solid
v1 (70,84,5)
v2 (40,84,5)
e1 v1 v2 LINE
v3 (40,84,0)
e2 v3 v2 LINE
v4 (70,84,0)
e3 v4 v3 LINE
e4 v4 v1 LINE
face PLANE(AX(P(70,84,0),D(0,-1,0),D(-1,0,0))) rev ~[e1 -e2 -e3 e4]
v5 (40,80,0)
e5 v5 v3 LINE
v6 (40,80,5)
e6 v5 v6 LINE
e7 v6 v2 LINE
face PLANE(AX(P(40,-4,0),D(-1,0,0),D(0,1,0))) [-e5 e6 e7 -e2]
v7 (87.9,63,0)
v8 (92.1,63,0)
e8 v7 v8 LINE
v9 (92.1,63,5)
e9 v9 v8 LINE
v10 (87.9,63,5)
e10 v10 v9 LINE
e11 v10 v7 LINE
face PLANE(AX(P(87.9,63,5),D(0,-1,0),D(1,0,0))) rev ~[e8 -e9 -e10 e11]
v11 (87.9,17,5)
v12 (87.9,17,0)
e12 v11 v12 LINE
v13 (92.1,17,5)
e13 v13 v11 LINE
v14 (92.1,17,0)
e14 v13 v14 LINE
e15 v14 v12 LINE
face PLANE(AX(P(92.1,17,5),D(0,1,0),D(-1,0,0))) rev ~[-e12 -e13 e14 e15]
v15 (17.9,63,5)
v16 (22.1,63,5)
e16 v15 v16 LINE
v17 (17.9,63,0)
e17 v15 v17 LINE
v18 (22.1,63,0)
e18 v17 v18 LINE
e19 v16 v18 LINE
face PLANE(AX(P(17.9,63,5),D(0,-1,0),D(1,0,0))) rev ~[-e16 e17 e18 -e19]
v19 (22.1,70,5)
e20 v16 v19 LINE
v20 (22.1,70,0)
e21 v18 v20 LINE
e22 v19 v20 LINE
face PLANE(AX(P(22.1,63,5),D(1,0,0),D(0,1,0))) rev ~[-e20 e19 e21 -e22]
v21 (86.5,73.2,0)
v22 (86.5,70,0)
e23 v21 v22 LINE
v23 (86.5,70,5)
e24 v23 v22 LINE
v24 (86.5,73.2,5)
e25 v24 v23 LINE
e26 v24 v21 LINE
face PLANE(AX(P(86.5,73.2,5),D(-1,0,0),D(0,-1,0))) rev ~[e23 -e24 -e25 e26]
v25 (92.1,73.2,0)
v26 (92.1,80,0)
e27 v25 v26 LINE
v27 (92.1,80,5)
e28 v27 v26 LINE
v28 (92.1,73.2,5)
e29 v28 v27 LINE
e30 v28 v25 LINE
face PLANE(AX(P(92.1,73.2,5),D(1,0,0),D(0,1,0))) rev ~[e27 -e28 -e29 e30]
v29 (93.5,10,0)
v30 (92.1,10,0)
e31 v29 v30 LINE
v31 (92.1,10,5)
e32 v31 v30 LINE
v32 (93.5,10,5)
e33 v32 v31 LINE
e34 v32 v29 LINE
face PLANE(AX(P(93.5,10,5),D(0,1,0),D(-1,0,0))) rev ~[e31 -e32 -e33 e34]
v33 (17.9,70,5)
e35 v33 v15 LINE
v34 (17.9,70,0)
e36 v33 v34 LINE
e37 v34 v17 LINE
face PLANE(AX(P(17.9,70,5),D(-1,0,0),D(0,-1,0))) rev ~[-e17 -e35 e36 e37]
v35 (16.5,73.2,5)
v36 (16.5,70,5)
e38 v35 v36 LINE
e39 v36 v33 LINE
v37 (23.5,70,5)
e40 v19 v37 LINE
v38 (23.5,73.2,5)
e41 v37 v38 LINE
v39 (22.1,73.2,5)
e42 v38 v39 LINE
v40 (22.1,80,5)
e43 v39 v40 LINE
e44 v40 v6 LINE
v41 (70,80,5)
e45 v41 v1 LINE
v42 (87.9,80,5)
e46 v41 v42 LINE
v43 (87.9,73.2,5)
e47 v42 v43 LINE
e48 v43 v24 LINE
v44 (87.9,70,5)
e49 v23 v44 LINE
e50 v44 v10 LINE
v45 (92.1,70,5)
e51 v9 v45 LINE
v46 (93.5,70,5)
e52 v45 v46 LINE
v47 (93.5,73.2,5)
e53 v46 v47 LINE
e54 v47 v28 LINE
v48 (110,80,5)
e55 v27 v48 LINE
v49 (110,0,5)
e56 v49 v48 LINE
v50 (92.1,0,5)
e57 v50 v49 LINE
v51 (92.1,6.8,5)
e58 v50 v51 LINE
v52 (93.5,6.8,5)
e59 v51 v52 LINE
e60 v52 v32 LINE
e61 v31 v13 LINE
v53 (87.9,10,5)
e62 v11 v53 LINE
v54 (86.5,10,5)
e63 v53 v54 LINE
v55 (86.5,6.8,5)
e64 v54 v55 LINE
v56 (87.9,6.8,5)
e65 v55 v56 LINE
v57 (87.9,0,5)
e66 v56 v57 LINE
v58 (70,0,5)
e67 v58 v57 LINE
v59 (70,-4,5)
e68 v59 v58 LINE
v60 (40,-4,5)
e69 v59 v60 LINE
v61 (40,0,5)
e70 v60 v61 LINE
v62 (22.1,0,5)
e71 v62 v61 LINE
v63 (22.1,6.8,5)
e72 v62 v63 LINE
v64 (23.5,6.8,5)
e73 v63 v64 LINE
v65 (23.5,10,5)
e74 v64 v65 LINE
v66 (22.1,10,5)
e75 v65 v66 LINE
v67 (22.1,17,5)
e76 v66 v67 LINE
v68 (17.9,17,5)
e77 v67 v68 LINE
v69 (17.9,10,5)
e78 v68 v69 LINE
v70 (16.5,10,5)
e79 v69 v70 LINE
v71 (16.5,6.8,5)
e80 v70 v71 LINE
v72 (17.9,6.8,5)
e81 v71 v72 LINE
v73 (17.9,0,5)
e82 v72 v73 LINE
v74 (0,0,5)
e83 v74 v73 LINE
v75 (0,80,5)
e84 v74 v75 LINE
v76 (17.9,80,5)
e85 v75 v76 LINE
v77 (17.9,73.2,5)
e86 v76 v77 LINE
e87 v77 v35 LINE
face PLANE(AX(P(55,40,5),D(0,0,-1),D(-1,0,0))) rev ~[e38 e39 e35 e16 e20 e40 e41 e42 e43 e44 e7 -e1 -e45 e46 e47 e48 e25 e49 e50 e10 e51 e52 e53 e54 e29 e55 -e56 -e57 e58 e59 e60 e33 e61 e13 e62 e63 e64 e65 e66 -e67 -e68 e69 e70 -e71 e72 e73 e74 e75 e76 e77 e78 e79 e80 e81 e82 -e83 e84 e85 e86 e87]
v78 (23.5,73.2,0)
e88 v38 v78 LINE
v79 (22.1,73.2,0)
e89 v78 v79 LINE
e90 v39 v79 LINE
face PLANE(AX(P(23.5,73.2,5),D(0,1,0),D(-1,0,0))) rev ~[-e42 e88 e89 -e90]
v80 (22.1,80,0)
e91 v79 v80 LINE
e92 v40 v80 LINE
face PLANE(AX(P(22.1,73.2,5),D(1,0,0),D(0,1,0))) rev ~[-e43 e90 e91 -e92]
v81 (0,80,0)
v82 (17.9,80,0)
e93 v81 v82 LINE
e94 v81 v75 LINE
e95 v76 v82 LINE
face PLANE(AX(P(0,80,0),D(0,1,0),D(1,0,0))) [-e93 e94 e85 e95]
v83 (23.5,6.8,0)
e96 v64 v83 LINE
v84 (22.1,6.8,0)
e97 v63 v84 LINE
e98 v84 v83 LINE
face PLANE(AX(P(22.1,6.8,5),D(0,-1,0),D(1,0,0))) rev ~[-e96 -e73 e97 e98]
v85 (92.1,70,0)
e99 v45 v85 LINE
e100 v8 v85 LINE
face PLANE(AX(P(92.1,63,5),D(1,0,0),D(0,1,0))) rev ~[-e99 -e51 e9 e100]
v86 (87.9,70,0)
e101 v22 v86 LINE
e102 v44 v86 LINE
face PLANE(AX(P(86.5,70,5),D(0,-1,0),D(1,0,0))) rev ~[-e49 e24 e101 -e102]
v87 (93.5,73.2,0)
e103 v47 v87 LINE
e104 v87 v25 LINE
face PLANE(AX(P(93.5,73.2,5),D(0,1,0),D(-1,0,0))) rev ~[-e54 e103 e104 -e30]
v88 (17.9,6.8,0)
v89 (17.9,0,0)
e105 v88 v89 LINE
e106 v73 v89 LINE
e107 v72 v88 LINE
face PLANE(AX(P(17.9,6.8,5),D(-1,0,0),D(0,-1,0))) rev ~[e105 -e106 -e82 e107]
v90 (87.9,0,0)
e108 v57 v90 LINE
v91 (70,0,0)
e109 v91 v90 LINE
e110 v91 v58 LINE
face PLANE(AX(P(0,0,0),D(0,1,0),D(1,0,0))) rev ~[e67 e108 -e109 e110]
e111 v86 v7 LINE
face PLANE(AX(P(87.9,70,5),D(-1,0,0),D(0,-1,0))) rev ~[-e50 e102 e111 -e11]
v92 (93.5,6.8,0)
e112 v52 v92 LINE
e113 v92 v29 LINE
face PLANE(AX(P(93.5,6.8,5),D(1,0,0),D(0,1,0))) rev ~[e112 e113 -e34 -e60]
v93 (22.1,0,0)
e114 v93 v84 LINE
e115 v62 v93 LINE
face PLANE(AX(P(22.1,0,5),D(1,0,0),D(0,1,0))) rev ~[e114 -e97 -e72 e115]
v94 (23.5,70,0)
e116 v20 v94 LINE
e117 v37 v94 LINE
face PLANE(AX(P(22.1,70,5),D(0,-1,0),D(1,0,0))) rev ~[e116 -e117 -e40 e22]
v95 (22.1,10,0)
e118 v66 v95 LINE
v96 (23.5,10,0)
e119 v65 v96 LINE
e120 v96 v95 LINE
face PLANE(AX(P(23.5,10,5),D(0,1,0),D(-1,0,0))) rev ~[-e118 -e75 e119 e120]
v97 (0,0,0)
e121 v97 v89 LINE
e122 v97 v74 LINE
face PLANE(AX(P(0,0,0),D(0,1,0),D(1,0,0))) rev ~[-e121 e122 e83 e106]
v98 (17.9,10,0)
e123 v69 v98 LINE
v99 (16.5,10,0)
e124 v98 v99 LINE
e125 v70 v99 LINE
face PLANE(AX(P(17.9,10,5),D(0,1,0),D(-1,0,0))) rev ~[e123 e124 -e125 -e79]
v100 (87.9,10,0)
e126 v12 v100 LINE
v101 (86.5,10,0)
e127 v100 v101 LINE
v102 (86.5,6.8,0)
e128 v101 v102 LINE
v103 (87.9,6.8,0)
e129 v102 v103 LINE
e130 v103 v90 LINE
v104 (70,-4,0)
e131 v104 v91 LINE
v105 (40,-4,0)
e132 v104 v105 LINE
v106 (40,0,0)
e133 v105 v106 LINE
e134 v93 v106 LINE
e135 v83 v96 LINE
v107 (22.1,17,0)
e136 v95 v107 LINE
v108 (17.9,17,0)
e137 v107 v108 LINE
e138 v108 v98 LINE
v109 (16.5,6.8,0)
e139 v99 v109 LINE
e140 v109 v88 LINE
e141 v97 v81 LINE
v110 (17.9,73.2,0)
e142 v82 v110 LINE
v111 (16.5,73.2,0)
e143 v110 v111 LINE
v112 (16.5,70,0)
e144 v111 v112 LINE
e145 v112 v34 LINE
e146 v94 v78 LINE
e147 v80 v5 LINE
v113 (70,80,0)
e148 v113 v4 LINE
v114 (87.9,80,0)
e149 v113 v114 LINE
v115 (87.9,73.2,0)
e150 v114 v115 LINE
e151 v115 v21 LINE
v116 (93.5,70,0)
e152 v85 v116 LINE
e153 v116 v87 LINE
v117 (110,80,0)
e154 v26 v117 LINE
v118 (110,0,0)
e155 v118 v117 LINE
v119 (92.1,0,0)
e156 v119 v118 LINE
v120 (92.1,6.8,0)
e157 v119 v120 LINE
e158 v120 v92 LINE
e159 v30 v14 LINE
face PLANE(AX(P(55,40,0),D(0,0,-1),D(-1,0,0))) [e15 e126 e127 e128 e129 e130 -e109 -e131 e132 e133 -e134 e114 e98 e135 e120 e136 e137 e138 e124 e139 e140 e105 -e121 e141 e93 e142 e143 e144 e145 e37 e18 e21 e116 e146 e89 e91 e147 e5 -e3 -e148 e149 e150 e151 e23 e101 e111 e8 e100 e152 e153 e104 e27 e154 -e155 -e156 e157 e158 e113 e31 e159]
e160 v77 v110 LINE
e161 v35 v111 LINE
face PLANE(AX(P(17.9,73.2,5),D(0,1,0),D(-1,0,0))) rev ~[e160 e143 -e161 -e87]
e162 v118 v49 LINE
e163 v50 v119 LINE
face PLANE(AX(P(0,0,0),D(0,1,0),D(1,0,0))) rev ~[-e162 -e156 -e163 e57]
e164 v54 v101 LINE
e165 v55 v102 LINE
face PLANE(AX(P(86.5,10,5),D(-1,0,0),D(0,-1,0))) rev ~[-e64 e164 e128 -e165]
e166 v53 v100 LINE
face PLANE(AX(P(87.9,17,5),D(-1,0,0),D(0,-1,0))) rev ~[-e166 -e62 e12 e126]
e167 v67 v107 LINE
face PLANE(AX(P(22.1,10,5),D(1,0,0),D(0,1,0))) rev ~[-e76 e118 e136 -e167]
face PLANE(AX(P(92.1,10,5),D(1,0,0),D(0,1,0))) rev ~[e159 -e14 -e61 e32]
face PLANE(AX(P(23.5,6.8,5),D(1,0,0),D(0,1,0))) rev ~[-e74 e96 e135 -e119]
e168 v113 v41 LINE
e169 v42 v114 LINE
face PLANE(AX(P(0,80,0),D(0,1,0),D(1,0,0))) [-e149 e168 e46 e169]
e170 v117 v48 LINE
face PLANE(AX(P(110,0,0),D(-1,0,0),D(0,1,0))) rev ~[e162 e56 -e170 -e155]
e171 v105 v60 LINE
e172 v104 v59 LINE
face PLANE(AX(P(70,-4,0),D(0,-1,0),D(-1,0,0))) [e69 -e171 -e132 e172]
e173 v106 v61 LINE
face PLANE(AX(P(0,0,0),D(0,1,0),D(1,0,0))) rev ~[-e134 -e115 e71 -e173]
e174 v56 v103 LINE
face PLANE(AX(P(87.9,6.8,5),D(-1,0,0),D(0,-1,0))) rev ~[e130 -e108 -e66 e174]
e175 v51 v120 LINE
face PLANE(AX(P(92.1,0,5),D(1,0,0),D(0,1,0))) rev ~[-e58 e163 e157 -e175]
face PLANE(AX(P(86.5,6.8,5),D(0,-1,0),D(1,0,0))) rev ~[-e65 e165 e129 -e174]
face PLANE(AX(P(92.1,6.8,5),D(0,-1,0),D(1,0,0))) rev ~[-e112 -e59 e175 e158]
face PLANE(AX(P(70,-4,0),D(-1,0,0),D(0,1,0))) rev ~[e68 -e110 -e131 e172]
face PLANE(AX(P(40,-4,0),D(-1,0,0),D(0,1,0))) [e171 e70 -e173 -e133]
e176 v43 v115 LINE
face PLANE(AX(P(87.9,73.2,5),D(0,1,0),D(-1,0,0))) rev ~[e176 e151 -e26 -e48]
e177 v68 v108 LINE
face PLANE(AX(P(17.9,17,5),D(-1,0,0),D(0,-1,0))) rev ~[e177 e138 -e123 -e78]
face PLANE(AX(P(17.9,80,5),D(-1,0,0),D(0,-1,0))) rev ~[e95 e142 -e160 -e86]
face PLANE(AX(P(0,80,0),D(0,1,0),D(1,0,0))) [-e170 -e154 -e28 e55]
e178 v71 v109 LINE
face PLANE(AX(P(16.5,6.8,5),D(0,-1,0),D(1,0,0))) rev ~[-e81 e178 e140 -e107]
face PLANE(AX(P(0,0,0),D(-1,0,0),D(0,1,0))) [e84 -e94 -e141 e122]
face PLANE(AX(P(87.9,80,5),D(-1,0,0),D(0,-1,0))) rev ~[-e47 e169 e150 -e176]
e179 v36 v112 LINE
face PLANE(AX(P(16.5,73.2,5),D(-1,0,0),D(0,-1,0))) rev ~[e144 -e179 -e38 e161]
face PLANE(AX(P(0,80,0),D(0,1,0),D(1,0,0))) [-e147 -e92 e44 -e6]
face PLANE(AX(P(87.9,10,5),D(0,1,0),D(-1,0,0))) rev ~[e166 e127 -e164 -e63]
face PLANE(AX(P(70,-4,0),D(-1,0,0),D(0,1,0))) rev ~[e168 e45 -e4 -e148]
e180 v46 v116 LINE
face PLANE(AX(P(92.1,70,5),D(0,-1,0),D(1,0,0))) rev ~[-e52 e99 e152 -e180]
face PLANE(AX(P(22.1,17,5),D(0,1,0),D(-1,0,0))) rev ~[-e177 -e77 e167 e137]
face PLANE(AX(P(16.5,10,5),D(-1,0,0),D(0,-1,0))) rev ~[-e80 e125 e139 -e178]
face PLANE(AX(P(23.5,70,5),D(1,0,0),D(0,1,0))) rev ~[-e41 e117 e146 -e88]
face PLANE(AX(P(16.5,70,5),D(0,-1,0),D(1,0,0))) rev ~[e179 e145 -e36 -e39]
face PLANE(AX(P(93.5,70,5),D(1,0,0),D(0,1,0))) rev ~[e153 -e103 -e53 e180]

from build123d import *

# Parameters (mm, degrees)
ESQUISSE1_W             = 110
ESQUISSE1_H             = 80
BOSS_EXTRU_1_DEPTH      = 5
ENL_V_MAT_EXTRU_2_DEPTH = 137.106575888
ESQUISSE4_W             = 30
ESQUISSE4_H             = 88
BOSS_EXTRU_2_DEPTH      = 5


with BuildPart() as part:
    # Esquisse1 → Boss.-Extru.1 (new body)
    with BuildSketch(Plane.XY):
        with Locations((55, 40)):
            Rectangle(ESQUISSE1_W, ESQUISSE1_H)
    extrude(amount=BOSS_EXTRU_1_DEPTH)

    # Esquisse3 → Enlèv. mat.-Extru.2 (cut, through all)
    with BuildSketch(Plane.XY.offset(5)):
        Polygon((22.1, 80), (17.9, 80), (17.9, 73.2), (16.5, 73.2), (16.5, 70), (17.9, 70), (17.9, 63), (22.1, 63), (22.1, 70), (23.5, 70), (23.5, 73.2), (22.1, 73.2), align=None)
        Polygon((87.9, 80), (87.9, 73.2), (86.5, 73.2), (86.5, 70), (87.9, 70), (87.9, 63), (92.1, 63), (92.1, 70), (93.5, 70), (93.5, 73.2), (92.1, 73.2), (92.1, 80), align=None)
        Polygon((87.9, 0), (92.1, 0), (92.1, 6.8), (93.5, 6.8), (93.5, 10), (92.1, 10), (92.1, 17), (87.9, 17), (87.9, 10), (86.5, 10), (86.5, 6.8), (87.9, 6.8), align=None)
        Polygon((22.1, 0), (22.1, 6.8), (23.5, 6.8), (23.5, 10), (22.1, 10), (22.1, 17), (17.9, 17), (17.9, 10), (16.5, 10), (16.5, 6.8), (17.9, 6.8), (17.9, 0), align=None)
    extrude(amount=-ENL_V_MAT_EXTRU_2_DEPTH, mode=Mode.SUBTRACT)

    # Esquisse4 → Boss.-Extru.2 (add)
    with BuildSketch(Plane(origin=(0, 0, 0), x_dir=(-1, 0, 0), z_dir=(0, 0, -1))):
        with Locations((-55, 40)):
            Rectangle(ESQUISSE4_W, ESQUISSE4_H)
    extrude(amount=-BOSS_EXTRU_2_DEPTH)


solid = part.part
